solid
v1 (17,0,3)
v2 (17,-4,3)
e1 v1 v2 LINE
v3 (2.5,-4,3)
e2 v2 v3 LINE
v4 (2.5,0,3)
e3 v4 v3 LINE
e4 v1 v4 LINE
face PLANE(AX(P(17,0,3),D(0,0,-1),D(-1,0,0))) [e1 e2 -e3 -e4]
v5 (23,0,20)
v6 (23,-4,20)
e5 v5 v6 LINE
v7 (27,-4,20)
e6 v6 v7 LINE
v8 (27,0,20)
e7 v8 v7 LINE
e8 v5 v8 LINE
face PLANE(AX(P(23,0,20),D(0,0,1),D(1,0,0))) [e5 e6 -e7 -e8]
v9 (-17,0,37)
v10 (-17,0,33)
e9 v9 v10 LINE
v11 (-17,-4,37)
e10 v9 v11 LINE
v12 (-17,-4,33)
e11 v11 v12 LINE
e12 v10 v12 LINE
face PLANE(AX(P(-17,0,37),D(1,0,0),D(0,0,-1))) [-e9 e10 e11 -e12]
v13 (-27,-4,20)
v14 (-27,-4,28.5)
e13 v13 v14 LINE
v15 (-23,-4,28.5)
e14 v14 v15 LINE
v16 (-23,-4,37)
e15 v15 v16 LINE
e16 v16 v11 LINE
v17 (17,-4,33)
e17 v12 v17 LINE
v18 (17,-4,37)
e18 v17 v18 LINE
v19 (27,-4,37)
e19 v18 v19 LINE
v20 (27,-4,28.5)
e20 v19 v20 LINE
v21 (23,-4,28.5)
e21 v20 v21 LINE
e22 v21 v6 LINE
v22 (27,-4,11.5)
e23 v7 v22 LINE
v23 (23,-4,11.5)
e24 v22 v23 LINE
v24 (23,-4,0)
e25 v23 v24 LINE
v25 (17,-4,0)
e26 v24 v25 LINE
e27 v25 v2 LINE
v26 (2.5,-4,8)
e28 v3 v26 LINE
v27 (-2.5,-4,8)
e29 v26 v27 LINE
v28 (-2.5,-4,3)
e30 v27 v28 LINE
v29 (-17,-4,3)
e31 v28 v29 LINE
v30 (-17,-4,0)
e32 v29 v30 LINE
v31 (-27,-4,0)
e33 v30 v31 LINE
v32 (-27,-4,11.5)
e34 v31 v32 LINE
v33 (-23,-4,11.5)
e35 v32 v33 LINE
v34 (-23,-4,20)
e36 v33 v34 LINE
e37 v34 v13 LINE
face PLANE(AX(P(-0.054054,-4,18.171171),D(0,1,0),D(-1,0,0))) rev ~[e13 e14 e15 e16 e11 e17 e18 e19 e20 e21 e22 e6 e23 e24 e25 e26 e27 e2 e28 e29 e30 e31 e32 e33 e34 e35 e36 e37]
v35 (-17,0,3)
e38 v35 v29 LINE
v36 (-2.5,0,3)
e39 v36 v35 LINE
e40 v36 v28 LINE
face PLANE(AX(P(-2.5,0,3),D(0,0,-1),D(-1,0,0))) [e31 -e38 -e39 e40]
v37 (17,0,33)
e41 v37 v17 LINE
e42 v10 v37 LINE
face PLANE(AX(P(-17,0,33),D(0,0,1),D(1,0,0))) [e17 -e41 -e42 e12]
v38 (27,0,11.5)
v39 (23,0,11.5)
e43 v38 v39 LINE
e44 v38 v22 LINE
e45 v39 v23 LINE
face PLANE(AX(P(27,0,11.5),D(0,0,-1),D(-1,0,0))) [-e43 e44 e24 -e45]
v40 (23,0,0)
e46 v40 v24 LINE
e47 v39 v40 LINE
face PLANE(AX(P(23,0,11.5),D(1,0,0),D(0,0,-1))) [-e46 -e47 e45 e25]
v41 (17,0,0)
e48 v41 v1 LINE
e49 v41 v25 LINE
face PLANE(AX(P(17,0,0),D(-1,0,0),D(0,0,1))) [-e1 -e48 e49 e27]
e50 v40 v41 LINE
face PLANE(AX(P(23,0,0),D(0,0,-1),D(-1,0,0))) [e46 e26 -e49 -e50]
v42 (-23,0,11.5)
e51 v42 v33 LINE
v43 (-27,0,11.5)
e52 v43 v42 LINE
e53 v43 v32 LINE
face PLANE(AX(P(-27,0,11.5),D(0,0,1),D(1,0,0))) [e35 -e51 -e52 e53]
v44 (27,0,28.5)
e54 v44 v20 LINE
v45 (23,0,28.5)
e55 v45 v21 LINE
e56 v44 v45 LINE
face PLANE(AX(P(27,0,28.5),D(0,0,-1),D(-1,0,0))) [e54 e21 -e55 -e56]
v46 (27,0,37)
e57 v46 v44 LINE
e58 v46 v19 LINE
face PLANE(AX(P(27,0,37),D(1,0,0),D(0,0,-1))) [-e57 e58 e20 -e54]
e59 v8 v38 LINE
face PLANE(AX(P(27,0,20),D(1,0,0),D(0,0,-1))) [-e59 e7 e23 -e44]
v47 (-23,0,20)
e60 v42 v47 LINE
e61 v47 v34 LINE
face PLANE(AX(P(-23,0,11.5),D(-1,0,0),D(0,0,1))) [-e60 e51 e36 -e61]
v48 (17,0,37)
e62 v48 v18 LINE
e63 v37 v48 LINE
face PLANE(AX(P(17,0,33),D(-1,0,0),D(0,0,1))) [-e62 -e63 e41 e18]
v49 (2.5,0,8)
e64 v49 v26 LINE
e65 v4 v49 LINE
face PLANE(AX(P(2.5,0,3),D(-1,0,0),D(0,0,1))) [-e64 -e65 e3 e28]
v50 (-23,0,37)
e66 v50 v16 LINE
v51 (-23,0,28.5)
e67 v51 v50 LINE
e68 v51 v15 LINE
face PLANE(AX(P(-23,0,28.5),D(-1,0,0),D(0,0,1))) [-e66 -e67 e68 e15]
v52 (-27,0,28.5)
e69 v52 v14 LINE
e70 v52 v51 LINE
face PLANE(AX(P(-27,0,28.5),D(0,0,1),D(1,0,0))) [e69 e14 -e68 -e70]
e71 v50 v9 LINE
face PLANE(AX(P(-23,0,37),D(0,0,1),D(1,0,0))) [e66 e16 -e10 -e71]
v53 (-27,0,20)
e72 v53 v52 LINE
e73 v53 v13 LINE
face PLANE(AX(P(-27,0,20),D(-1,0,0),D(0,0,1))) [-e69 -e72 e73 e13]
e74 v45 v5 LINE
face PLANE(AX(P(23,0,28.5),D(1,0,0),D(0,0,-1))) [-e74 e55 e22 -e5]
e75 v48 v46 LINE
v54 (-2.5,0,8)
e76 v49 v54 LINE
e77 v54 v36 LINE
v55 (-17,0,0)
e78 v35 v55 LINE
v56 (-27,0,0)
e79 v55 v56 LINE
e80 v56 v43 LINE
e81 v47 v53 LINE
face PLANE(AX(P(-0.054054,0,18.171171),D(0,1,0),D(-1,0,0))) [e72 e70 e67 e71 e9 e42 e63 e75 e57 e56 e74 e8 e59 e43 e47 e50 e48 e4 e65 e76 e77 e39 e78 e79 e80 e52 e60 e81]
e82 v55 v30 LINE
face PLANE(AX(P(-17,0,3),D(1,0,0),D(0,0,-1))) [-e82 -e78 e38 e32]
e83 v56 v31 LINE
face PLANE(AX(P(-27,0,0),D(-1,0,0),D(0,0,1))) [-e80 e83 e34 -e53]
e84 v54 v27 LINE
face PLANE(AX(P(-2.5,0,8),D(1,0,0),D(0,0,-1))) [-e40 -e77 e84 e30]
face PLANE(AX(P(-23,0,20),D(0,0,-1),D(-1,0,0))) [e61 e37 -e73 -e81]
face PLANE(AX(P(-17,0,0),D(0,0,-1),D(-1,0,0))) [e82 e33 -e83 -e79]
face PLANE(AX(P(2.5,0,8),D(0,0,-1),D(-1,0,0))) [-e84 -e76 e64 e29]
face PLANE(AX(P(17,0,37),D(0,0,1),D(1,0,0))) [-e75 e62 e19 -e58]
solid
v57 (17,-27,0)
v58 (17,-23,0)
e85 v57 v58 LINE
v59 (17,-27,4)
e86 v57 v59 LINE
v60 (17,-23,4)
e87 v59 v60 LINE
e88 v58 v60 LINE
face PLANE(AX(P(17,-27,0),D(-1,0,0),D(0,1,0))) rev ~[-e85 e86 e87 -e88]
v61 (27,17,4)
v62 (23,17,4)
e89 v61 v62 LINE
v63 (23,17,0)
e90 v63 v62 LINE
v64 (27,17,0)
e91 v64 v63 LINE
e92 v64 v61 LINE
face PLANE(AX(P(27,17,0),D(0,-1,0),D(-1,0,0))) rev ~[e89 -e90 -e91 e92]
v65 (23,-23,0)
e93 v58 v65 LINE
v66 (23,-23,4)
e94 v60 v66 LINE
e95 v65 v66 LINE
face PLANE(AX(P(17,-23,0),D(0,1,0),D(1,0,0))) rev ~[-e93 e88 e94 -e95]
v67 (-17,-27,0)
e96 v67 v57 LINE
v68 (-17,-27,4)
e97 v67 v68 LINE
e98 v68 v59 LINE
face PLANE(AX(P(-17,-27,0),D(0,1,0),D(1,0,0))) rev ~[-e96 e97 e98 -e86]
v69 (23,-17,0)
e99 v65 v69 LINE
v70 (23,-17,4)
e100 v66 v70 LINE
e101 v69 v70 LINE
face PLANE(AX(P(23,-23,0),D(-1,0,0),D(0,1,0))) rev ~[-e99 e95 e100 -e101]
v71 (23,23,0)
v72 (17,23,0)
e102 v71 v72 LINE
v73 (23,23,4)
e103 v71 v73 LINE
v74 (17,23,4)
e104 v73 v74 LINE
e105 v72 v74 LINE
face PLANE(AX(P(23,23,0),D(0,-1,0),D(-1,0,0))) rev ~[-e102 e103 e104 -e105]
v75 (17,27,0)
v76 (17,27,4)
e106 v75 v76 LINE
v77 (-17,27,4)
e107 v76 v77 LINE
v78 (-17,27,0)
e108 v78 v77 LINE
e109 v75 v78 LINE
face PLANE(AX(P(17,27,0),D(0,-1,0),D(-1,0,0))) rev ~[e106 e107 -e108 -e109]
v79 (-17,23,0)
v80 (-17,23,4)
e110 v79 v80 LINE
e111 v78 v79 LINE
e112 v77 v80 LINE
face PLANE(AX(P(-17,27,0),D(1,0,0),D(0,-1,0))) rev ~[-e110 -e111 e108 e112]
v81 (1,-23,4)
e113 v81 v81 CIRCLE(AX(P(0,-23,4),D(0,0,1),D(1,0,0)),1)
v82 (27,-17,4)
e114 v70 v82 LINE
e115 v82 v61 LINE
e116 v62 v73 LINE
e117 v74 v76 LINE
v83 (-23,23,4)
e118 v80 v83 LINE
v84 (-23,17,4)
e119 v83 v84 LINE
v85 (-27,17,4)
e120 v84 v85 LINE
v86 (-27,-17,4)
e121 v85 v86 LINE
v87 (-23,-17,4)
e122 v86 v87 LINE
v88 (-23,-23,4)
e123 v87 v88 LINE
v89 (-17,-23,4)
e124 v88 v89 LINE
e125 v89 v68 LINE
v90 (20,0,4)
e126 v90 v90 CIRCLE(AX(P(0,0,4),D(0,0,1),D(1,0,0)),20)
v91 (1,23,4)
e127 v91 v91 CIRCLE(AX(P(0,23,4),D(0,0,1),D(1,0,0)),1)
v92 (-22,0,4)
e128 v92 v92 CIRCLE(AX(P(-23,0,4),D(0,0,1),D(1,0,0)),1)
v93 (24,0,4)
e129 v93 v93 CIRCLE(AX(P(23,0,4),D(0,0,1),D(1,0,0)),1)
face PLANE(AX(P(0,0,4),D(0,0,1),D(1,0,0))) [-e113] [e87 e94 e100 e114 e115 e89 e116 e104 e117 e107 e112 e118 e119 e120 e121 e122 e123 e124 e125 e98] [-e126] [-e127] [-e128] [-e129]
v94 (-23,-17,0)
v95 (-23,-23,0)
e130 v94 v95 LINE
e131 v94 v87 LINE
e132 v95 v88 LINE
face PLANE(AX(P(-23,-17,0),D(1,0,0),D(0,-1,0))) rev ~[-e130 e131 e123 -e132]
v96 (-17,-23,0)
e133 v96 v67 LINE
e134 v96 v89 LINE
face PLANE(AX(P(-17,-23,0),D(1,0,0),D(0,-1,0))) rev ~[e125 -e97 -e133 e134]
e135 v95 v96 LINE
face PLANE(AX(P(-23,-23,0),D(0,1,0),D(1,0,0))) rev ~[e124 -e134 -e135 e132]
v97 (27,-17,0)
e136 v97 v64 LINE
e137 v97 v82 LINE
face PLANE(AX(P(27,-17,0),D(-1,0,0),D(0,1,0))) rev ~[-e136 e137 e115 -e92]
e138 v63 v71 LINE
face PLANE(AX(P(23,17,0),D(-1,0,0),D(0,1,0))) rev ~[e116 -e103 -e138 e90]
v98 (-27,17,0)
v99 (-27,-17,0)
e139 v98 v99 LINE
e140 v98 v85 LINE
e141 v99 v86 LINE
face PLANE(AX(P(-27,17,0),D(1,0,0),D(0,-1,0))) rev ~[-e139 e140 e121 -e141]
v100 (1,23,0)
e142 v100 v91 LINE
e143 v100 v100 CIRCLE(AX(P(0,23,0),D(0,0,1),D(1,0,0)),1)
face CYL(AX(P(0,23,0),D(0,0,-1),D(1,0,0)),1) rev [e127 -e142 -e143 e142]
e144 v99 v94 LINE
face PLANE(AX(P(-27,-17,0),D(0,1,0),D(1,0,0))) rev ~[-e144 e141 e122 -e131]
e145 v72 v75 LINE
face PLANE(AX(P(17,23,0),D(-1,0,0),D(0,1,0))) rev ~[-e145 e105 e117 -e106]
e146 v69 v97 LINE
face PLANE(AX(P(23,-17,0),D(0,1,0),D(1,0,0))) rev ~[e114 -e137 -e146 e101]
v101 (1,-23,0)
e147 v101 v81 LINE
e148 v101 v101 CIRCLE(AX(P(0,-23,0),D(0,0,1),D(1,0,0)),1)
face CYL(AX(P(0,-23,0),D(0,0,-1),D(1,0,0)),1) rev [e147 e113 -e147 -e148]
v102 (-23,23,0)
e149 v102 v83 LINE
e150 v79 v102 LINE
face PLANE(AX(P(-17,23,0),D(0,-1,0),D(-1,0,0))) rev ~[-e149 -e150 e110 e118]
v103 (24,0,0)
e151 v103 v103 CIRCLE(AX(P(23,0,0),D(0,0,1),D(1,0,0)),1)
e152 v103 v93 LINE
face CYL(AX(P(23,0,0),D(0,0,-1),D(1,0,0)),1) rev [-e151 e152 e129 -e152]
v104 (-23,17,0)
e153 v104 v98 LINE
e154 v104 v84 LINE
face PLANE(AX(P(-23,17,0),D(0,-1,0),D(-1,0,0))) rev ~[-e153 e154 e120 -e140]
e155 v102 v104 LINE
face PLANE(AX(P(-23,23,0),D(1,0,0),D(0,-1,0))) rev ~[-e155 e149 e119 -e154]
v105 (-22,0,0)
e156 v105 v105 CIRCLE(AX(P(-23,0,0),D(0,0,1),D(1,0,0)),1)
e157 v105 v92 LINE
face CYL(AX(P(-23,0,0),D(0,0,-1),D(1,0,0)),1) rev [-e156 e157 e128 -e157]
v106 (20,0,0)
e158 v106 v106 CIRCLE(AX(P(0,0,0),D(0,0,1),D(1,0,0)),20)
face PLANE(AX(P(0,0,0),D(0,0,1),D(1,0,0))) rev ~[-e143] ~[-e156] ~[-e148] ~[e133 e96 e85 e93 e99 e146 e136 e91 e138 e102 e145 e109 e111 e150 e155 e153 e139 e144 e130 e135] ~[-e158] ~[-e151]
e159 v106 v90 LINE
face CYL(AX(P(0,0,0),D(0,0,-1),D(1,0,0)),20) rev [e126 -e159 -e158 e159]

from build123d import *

# Parameters (mm, degrees)
SKETCH_R     = 20
SKETCH_R_2   = 1
PAD001_DEPTH = 4
PAD_DEPTH    = 4


with BuildPart() as cover:
    # Sketch → Pad001 (new body)
    with BuildSketch(Plane.XY):
        Polygon((-27, 17), (-27, -17), (-23, -17), (-23, -23), (-17, -23), (-17, -27), (17, -27), (17, -23), (23, -23), (23, -17), (27, -17), (27, 17), (23, 17), (23, 23), (17, 23), (17, 27), (-17, 27), (-17, 23), (-23, 23), (-23, 17), align=None)
        Circle(SKETCH_R, mode=Mode.SUBTRACT)
        with Locations((0, 23)):
            Circle(SKETCH_R_2, mode=Mode.SUBTRACT)
        with Locations((23, 0)):
            Circle(SKETCH_R_2, mode=Mode.SUBTRACT)
        with Locations((-23, 0)):
            Circle(SKETCH_R_2, mode=Mode.SUBTRACT)
        with Locations((0, -23)):
            Circle(SKETCH_R_2, mode=Mode.SUBTRACT)
    extrude(amount=PAD001_DEPTH)


with BuildPart() as walls:
    # Sketch001 → Pad (new body)
    with BuildSketch(Plane.XZ):
        Polygon((-23, 37), (-17, 37), (-17, 33), (17, 33), (17, 37), (27, 37), (27, 28.5), (23, 28.5), (23, 20), (27, 20), (27, 11.5), (23, 11.5), (23, 0), (17, 0), (17, 3), (2.5, 3), (2.5, 8), (-2.5, 8), (-2.5, 3), (-17, 3), (-17, 0), (-27, 0), (-27, 11.5), (-23, 11.5), (-23, 20), (-27, 20), (-27, 28.5), (-23, 28.5), align=None)
    extrude(amount=PAD_DEPTH)


solid = Compound([cover.part, walls.part])
